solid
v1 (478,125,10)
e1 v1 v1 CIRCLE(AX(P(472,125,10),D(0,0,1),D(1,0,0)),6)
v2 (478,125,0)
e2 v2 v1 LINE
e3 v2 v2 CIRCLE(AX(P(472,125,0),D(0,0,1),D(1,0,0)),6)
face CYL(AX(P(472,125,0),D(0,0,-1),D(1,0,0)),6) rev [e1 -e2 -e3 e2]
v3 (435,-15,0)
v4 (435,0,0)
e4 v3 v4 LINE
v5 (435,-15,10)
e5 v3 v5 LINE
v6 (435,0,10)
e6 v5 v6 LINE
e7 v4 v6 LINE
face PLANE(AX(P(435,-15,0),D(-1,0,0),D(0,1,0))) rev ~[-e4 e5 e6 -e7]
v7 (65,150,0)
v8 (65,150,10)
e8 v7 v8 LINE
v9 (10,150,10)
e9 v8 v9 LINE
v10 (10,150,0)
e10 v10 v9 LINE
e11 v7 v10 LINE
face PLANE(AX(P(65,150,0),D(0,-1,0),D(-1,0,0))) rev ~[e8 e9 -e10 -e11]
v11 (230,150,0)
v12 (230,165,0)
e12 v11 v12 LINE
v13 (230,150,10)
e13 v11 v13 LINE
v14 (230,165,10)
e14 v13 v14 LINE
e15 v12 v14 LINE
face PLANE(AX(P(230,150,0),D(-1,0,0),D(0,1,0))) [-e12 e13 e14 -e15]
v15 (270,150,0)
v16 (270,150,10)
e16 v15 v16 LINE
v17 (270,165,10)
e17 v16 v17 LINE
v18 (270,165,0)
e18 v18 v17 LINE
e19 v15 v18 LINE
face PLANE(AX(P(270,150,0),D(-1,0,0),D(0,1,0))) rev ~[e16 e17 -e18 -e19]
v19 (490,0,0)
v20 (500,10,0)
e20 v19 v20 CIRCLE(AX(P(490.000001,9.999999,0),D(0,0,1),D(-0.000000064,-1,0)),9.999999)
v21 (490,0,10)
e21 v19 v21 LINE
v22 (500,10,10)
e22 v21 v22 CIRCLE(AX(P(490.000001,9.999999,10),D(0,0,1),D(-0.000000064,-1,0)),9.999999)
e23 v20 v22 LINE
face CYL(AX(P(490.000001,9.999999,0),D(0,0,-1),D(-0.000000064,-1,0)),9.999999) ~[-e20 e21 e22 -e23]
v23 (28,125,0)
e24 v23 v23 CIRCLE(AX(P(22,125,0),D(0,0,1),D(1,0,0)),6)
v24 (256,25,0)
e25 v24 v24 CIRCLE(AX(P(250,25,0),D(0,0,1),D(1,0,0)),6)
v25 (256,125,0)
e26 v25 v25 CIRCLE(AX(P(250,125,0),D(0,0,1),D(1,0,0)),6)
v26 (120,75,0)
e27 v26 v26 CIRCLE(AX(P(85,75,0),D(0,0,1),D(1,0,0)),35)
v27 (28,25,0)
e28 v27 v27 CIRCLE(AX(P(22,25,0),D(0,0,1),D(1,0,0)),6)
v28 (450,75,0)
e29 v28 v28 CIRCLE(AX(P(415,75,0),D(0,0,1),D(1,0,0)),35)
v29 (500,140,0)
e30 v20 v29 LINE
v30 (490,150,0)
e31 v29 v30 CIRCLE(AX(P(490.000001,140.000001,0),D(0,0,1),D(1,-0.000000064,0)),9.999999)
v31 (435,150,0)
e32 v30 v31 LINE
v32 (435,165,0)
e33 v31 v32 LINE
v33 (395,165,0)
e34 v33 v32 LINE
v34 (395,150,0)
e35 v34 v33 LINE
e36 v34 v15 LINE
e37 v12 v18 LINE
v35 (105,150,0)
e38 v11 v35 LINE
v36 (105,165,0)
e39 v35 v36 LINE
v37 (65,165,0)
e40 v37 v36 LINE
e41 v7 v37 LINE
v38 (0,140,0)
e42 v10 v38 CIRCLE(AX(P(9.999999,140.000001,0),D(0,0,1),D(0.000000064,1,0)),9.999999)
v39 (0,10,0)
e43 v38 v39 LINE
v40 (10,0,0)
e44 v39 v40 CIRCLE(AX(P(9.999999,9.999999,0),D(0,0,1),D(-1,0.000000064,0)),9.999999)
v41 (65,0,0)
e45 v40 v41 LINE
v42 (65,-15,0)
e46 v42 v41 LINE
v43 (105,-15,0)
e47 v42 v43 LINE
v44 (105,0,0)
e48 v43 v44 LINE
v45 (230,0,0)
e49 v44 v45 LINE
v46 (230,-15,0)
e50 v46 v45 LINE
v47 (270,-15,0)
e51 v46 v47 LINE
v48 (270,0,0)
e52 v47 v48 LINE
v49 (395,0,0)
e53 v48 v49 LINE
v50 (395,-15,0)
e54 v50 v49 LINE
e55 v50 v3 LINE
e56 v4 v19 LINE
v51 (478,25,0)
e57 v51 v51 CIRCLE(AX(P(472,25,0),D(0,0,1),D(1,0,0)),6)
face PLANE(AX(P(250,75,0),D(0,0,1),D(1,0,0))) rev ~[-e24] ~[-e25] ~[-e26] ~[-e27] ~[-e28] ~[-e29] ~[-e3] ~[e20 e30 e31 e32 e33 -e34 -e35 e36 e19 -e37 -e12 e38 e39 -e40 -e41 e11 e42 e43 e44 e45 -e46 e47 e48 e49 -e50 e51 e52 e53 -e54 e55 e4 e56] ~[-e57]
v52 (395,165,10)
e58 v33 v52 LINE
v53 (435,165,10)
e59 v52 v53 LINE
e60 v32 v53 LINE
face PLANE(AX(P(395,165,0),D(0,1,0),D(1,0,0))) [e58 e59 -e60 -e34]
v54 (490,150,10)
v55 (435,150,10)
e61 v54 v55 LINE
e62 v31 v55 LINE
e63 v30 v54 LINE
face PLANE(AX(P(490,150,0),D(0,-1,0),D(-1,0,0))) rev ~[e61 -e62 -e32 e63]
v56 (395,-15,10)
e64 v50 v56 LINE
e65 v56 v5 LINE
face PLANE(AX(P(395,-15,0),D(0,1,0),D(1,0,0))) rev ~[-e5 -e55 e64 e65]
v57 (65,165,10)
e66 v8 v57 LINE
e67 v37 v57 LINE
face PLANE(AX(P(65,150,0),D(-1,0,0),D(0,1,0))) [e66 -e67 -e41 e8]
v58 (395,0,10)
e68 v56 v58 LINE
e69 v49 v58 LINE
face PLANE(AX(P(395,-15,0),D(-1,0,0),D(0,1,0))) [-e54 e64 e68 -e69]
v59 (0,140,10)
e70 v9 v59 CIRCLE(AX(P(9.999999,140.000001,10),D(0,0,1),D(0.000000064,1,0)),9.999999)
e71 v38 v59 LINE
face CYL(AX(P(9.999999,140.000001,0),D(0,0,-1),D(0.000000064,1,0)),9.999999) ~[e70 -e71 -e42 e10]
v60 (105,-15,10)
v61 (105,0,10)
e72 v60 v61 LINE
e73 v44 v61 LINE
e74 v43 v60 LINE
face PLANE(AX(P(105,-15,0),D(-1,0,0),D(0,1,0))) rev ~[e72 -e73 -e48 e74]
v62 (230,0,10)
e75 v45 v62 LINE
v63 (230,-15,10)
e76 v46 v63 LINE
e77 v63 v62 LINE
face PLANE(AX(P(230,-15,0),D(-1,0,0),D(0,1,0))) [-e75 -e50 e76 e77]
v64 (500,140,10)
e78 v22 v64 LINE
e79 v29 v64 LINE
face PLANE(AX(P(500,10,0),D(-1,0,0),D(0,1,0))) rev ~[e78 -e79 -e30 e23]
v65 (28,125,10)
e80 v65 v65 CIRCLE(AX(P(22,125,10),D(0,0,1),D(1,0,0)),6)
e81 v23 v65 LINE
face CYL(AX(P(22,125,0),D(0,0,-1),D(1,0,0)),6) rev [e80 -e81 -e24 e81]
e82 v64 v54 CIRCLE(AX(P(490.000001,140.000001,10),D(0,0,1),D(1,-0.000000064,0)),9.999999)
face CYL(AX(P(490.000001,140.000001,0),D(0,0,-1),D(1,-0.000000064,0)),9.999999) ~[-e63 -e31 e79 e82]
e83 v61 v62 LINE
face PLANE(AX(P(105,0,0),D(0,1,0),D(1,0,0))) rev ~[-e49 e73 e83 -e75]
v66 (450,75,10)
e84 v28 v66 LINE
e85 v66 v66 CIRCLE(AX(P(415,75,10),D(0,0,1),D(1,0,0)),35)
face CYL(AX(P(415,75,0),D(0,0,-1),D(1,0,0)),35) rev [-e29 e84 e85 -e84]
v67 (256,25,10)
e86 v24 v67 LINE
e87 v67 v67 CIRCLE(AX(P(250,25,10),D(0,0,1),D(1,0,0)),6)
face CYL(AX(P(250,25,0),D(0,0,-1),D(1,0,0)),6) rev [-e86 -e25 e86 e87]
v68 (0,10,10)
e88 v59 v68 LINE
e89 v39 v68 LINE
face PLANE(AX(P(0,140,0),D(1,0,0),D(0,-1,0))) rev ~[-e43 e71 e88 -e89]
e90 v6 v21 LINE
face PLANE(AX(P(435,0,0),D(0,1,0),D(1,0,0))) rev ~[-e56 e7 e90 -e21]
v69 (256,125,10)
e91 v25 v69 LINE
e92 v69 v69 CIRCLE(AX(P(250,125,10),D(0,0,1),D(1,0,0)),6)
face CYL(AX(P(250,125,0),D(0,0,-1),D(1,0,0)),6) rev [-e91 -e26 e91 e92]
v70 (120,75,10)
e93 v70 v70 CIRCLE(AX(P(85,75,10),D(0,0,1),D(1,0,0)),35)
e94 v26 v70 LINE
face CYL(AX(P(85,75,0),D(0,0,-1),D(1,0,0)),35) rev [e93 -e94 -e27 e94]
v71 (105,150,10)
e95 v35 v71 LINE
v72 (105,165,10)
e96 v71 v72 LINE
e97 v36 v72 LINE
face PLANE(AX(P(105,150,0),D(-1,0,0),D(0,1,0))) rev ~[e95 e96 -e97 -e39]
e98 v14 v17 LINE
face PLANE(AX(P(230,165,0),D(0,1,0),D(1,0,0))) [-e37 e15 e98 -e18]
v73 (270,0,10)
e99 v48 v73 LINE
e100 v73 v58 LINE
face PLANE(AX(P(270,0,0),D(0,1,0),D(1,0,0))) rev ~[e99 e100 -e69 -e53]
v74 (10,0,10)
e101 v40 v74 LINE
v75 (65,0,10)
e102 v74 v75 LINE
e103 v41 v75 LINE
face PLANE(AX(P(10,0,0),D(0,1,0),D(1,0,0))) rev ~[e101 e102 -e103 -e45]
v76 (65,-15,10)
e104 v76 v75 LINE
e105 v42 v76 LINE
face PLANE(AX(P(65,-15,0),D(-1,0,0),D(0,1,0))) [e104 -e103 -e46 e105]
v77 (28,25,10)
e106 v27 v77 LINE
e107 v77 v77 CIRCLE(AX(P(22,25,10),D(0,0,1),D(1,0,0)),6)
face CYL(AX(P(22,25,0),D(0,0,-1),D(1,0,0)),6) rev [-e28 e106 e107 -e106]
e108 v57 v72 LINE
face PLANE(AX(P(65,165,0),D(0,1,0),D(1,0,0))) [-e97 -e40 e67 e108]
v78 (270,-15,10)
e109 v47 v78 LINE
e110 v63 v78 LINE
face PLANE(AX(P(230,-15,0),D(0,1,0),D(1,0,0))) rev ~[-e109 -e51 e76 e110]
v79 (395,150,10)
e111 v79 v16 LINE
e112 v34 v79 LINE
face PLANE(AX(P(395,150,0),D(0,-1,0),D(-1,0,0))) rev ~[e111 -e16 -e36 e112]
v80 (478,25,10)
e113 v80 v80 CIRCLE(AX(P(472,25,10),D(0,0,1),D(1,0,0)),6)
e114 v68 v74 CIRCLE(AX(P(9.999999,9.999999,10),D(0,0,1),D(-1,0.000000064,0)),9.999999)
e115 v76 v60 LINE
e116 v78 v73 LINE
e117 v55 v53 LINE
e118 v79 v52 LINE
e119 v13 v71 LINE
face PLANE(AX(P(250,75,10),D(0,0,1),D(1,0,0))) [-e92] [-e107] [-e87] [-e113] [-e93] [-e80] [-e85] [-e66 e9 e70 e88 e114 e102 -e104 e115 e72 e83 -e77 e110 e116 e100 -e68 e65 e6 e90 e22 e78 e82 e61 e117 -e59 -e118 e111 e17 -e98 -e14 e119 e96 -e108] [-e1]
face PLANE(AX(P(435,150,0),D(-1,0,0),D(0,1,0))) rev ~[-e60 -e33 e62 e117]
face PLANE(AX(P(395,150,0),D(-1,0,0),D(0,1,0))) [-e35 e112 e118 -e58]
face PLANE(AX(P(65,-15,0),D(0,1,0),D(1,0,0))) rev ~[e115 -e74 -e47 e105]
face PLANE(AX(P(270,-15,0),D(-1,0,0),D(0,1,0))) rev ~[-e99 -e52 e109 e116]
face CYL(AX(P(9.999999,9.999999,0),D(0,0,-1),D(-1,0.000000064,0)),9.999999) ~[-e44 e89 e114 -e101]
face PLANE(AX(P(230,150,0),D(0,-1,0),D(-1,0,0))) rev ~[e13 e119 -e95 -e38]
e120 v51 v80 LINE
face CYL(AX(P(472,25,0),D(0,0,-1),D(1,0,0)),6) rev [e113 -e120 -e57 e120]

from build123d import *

# Parameters (mm, degrees)
F0_R     = 6
F0_R_2   = 35
F0_W     = 40
F0_H     = 15
F1_DEPTH = 10


with BuildPart() as f1:
    # F0 (on Top) → F1 (new body)
    with BuildSketch(Plane.XY):
        with BuildLine():
            ThreePointArc((0, 10), (2.928932, 2.928932), (10, 0))
            Line((10, 0), (65, 0))
            Line((65, 0), (105, 0))
            Line((105, 0), (230, 0))
            Line((230, 0), (270, 0))
            Line((270, 0), (395, 0))
            Line((395, 0), (435, 0))
            Line((435, 0), (490, 0))
            ThreePointArc((490, 0), (497.071068, 2.928932), (500, 10))
            Line((500, 10), (500, 140))
            ThreePointArc((500, 140), (497.071068, 147.071068), (490, 150))
            Line((490, 150), (435, 150))
            Line((435, 150), (395, 150))
            Line((395, 150), (270, 150))
            Line((270, 150), (230, 150))
            Line((230, 150), (105, 150))
            Line((105, 150), (65, 150))
            Line((65, 150), (10, 150))
            ThreePointArc((10, 150), (2.928932, 147.071068), (0, 140))
            Line((0, 140), (0, 10))
        make_face()
        with Locations((22, 25)):
            Circle(F0_R, mode=Mode.SUBTRACT)
        with Locations((250, 25)):
            Circle(F0_R, mode=Mode.SUBTRACT)
        with Locations((472, 25)):
            Circle(F0_R, mode=Mode.SUBTRACT)
        with Locations((85, 75)):
            Circle(F0_R_2, mode=Mode.SUBTRACT)
        with Locations((22, 125)):
            Circle(F0_R, mode=Mode.SUBTRACT)
        with Locations((415, 75)):
            Circle(F0_R_2, mode=Mode.SUBTRACT)
        with Locations((250, 125)):
            Circle(F0_R, mode=Mode.SUBTRACT)
        with Locations((472, 125)):
            Circle(F0_R, mode=Mode.SUBTRACT)
        with Locations((85, -7.5)):
            Rectangle(F0_W, F0_H)
        with Locations((250, -7.5)):
            Rectangle(F0_W, F0_H)
        with Locations((85, 157.5)):
            Rectangle(F0_W, F0_H)
        with Locations((415, -7.5)):
            Rectangle(F0_W, F0_H)
        with Locations((250, 157.5)):
            Rectangle(F0_W, F0_H)
        with Locations((415, 157.5)):
            Rectangle(F0_W, F0_H)
    extrude(amount=F1_DEPTH)


solid = f1.part
